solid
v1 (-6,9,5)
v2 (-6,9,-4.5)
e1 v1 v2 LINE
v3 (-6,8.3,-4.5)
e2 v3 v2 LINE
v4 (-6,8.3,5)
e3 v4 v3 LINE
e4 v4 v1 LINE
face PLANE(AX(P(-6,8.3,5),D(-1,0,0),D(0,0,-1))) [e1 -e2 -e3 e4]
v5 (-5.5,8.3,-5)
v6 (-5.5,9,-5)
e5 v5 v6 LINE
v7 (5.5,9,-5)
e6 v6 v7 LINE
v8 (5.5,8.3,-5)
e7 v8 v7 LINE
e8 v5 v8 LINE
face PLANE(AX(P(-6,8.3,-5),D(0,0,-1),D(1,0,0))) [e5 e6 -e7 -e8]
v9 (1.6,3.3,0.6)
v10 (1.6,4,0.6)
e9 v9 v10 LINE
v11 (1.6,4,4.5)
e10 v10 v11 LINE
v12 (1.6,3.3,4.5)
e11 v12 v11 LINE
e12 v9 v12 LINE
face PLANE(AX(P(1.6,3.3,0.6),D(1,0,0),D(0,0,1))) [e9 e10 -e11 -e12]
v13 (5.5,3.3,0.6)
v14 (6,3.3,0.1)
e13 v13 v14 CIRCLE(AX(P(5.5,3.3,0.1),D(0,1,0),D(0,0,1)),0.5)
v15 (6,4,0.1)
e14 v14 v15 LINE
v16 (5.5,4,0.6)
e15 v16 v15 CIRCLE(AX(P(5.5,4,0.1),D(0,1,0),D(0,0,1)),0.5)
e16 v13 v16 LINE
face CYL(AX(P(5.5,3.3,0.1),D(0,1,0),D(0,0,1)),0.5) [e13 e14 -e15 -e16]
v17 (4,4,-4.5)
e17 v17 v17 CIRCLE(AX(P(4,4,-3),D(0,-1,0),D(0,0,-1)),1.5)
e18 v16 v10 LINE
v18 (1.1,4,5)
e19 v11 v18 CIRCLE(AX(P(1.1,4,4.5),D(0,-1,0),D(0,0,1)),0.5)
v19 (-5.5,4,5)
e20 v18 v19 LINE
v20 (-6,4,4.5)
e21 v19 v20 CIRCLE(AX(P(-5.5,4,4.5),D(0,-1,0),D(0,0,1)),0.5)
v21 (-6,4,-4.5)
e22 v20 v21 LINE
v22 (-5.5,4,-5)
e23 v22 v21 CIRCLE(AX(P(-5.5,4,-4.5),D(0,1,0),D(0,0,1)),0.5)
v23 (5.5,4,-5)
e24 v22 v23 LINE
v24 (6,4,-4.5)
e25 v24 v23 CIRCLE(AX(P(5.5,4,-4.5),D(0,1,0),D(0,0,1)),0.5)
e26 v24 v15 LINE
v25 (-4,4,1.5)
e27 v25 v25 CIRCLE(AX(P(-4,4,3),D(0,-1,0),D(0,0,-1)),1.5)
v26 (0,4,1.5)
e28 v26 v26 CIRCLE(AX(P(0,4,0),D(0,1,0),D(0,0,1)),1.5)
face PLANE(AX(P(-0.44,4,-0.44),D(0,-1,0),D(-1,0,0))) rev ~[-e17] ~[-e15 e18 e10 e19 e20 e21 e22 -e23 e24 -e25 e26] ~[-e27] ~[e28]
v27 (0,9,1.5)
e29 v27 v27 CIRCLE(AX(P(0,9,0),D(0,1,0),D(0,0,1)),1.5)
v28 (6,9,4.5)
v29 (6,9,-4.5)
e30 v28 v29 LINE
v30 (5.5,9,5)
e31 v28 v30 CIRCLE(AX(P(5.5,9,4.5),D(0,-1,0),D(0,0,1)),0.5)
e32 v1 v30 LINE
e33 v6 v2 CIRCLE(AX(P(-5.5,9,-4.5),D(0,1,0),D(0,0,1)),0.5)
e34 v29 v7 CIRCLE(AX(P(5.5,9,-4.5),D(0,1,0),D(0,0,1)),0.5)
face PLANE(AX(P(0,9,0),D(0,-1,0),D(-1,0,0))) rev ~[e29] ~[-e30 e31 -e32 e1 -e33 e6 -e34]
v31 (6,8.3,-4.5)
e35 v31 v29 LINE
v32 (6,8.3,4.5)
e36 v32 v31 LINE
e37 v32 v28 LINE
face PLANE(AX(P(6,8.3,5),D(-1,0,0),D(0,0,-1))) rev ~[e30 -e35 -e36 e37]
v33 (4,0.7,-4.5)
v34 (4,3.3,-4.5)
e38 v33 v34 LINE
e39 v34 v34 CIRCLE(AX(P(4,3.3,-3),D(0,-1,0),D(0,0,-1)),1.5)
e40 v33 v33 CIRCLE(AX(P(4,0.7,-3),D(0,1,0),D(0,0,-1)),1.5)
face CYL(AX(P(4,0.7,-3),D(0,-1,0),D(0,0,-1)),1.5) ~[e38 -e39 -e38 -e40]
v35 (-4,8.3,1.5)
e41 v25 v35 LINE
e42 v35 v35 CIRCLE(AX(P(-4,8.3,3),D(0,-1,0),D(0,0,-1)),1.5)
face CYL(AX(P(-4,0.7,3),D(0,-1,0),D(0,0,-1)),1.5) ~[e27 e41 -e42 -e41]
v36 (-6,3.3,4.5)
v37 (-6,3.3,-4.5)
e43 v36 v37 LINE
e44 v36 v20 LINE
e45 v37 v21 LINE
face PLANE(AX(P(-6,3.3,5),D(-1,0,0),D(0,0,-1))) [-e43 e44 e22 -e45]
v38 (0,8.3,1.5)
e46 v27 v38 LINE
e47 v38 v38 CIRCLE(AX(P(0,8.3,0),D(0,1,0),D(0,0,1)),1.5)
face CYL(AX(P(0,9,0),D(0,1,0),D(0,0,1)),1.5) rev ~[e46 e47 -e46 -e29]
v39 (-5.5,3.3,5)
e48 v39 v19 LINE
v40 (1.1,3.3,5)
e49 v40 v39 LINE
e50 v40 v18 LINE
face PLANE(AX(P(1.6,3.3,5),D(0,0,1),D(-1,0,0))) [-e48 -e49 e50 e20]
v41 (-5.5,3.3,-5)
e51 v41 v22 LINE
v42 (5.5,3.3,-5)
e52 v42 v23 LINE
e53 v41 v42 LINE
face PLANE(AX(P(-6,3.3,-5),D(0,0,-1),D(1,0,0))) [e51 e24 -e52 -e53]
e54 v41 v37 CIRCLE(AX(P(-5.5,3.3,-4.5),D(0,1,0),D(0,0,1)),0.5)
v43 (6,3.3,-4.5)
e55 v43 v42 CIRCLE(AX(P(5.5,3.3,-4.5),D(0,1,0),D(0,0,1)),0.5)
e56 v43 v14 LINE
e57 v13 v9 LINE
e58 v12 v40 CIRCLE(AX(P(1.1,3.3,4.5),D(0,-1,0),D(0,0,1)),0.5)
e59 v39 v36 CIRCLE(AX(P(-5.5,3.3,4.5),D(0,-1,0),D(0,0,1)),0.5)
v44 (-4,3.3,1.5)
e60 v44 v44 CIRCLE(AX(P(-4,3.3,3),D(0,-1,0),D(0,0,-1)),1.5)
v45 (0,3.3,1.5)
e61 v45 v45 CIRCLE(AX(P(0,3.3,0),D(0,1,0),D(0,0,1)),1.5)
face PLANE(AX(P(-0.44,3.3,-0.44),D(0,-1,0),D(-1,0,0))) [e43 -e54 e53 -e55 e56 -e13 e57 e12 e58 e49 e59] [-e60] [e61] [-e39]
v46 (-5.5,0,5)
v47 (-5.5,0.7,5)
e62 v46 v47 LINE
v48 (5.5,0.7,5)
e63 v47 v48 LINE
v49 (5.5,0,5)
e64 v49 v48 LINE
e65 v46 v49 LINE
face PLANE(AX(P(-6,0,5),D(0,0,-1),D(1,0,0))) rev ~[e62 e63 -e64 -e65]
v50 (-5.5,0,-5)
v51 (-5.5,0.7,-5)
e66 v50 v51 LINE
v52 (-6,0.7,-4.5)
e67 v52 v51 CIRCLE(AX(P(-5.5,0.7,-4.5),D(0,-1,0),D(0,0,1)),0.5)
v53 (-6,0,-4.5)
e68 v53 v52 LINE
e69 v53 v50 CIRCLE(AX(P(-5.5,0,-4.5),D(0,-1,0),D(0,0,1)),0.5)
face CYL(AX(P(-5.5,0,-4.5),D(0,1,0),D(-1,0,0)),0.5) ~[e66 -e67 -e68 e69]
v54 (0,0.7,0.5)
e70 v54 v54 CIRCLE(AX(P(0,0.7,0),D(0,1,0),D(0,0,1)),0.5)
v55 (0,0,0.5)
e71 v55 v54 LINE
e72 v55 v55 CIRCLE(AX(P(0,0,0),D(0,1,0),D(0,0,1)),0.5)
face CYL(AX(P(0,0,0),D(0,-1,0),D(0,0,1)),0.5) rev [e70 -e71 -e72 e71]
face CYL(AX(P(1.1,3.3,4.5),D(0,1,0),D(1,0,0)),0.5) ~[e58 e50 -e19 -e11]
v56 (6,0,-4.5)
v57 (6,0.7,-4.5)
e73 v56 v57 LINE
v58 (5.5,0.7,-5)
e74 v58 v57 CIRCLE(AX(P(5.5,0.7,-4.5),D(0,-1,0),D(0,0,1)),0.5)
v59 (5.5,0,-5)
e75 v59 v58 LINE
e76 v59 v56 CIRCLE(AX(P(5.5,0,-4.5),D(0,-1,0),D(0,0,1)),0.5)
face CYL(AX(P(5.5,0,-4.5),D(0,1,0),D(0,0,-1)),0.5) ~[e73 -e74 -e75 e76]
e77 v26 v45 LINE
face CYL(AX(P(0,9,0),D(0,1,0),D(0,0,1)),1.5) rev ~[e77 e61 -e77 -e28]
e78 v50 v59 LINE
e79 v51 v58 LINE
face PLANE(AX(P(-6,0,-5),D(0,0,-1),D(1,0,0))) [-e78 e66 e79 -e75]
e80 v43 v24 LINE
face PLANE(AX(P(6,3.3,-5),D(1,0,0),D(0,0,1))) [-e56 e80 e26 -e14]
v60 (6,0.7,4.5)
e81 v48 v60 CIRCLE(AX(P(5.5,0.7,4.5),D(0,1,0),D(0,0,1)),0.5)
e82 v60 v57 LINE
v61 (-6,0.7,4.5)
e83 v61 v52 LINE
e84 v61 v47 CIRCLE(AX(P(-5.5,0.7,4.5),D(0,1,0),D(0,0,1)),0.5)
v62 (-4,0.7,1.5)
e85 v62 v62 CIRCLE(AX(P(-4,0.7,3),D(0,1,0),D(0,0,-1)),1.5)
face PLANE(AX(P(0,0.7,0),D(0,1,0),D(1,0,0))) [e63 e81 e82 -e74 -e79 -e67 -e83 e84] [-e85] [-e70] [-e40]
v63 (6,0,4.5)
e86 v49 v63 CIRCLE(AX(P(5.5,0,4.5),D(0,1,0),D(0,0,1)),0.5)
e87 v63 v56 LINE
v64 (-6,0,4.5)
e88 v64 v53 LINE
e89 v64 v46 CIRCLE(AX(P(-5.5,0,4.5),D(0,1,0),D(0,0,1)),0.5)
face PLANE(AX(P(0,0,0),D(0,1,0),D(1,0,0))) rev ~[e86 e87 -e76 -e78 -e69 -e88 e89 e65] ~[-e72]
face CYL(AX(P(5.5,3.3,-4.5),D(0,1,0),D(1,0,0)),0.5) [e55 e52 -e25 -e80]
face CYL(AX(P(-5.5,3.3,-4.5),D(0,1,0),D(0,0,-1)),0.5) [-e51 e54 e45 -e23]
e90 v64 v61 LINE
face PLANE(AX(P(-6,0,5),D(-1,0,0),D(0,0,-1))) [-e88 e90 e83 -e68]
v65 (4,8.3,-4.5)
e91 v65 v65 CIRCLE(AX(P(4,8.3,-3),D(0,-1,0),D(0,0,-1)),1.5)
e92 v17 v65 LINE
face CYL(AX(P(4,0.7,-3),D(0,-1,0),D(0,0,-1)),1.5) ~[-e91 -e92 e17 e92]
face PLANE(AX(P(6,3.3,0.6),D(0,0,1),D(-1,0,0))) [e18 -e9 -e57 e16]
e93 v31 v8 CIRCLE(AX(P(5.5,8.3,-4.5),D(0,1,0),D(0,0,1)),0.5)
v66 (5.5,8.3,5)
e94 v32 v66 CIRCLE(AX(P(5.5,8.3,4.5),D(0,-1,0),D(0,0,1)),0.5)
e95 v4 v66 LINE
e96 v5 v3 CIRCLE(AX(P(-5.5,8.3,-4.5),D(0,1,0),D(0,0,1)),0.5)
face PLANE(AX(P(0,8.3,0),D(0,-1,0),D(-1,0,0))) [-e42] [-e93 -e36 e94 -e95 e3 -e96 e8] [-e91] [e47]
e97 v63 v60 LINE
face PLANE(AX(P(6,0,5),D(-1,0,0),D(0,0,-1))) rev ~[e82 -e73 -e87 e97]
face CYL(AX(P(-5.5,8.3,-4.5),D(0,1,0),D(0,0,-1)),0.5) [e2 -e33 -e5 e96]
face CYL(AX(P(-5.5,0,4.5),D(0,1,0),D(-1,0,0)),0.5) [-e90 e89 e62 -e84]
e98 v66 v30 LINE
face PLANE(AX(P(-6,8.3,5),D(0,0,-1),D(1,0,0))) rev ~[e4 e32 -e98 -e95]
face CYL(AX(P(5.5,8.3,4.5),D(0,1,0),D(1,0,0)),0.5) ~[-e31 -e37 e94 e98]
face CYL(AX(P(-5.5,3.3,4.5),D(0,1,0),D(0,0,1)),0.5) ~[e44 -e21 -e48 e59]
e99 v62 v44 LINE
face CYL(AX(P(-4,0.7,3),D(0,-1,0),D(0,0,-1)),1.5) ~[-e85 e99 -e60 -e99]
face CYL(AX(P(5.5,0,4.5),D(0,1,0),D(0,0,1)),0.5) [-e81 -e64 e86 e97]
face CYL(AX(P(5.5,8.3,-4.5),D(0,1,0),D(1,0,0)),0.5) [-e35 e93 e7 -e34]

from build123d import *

# Parameters (mm, degrees)
CROQUIS1_W              = 12
CROQUIS1_H              = 10
CROQUIS1_R              = 0.5
SALIENTE_EXTRUIR1_DEPTH = 0.7
CROQUIS2_R              = 1.5
SALIENTE_EXTRUIR2_DEPTH = 8.3
SALIENTE_EXTRUIR3_DEPTH = 0.7
SALIENTE_EXTRUIR4_DEPTH = 0.7
CORTAR_EXTRUIR1_REACH   = 13.916
CROQUIS5_R              = 1.5
REDONDEO1_R             = 0.5


with BuildPart() as part:
    # Croquis1 → Saliente-Extruir1 (new body)
    with BuildSketch(Plane(origin=(0, 0, 0), x_dir=(1, 0, 0), z_dir=(0, 1, 0))):
        Rectangle(CROQUIS1_W, CROQUIS1_H)
        with Locations(Location((0, 0, 0), (0, 0, 270))):
            Circle(CROQUIS1_R, mode=Mode.SUBTRACT)
    extrude(amount=SALIENTE_EXTRUIR1_DEPTH)

    # Croquis2 → Saliente-Extruir2 (add)
    with BuildSketch(Plane(origin=(0, 0.7, 0), x_dir=(1, 0, 0), z_dir=(0, 1, 0))):
        with Locations(Location((4, 3, 0), (0, 0, 90))):
            Circle(CROQUIS2_R)
        with Locations(Location((-4, -3, 0), (0, 0, 90))):
            Circle(CROQUIS2_R)
    extrude(amount=SALIENTE_EXTRUIR2_DEPTH)

    # Croquis3 → Saliente-Extruir3 (add)
    with BuildSketch(Plane(origin=(0, 3.3, 0), x_dir=(1, 0, 0), z_dir=(0, 1, 0))):
        Polygon((6, -0.6), (1.6, -0.6), (1.6, -5), (-6, -5), (-6, 5), (6, 5), align=None)
    extrude(amount=SALIENTE_EXTRUIR3_DEPTH)

    # Croquis4 → Saliente-Extruir4 (add)
    with BuildSketch(Plane(origin=(0, 8.3, 0), x_dir=(1, 0, 0), z_dir=(0, 1, 0))):
        Polygon((6, -0.6), (6, -5), (1.6, -5), (-6, -5), (-6, 5), (6, 5), align=None)
    extrude(amount=SALIENTE_EXTRUIR4_DEPTH)

    # Cortar-Extruir1: up to this face of the body (flat: up to its plane)
    cortar_extruir1_end = Plane(part.part.faces().sort_by_distance((-0.850469255, 3.3, -0.626661556))[0])
    # Croquis5 → Cortar-Extruir1 (cut, up to the picked face)
    with BuildSketch(Plane(origin=(0, 9, 0), x_dir=(1, 0, 0), z_dir=(0, 1, 0)), mode=Mode.PRIVATE) as cortar_extruir1_sk1:
        with Locations(Location((0, 0, 0), (0, 0, 270))):
            Circle(CROQUIS5_R)
    cortar_extruir1_tool1 = split(extrude(cortar_extruir1_sk1.sketch, amount=-CORTAR_EXTRUIR1_REACH, mode=Mode.PRIVATE), bisect_by=cortar_extruir1_end, keep=Keep.BOTH, mode=Mode.PRIVATE)
    add(cortar_extruir1_tool1.solids().sort_by(Axis((0, 9, 0), (0, -1, 0)))[0], mode=Mode.SUBTRACT)

    # Redondeo1
    redondeo1_edges = [part.edges().sort_by_distance(p)[0] for p in [
        (6, 3.65, -5),
        (-6, 3.65, -5),
        (-6, 3.65, 5),
        (1.6, 3.65, 5),
        (6, 3.65, 0.6),
        (6, 8.65, -5),
        (-6, 8.65, -5),
        (6, 8.65, 5),
        (6, 0.35, 5),
        (-6, 0.35, 5),
        (-6, 0.35, -5),
        (6, 0.35, -5),
    ]]
    fillet(redondeo1_edges, radius=REDONDEO1_R)


solid = part.part
